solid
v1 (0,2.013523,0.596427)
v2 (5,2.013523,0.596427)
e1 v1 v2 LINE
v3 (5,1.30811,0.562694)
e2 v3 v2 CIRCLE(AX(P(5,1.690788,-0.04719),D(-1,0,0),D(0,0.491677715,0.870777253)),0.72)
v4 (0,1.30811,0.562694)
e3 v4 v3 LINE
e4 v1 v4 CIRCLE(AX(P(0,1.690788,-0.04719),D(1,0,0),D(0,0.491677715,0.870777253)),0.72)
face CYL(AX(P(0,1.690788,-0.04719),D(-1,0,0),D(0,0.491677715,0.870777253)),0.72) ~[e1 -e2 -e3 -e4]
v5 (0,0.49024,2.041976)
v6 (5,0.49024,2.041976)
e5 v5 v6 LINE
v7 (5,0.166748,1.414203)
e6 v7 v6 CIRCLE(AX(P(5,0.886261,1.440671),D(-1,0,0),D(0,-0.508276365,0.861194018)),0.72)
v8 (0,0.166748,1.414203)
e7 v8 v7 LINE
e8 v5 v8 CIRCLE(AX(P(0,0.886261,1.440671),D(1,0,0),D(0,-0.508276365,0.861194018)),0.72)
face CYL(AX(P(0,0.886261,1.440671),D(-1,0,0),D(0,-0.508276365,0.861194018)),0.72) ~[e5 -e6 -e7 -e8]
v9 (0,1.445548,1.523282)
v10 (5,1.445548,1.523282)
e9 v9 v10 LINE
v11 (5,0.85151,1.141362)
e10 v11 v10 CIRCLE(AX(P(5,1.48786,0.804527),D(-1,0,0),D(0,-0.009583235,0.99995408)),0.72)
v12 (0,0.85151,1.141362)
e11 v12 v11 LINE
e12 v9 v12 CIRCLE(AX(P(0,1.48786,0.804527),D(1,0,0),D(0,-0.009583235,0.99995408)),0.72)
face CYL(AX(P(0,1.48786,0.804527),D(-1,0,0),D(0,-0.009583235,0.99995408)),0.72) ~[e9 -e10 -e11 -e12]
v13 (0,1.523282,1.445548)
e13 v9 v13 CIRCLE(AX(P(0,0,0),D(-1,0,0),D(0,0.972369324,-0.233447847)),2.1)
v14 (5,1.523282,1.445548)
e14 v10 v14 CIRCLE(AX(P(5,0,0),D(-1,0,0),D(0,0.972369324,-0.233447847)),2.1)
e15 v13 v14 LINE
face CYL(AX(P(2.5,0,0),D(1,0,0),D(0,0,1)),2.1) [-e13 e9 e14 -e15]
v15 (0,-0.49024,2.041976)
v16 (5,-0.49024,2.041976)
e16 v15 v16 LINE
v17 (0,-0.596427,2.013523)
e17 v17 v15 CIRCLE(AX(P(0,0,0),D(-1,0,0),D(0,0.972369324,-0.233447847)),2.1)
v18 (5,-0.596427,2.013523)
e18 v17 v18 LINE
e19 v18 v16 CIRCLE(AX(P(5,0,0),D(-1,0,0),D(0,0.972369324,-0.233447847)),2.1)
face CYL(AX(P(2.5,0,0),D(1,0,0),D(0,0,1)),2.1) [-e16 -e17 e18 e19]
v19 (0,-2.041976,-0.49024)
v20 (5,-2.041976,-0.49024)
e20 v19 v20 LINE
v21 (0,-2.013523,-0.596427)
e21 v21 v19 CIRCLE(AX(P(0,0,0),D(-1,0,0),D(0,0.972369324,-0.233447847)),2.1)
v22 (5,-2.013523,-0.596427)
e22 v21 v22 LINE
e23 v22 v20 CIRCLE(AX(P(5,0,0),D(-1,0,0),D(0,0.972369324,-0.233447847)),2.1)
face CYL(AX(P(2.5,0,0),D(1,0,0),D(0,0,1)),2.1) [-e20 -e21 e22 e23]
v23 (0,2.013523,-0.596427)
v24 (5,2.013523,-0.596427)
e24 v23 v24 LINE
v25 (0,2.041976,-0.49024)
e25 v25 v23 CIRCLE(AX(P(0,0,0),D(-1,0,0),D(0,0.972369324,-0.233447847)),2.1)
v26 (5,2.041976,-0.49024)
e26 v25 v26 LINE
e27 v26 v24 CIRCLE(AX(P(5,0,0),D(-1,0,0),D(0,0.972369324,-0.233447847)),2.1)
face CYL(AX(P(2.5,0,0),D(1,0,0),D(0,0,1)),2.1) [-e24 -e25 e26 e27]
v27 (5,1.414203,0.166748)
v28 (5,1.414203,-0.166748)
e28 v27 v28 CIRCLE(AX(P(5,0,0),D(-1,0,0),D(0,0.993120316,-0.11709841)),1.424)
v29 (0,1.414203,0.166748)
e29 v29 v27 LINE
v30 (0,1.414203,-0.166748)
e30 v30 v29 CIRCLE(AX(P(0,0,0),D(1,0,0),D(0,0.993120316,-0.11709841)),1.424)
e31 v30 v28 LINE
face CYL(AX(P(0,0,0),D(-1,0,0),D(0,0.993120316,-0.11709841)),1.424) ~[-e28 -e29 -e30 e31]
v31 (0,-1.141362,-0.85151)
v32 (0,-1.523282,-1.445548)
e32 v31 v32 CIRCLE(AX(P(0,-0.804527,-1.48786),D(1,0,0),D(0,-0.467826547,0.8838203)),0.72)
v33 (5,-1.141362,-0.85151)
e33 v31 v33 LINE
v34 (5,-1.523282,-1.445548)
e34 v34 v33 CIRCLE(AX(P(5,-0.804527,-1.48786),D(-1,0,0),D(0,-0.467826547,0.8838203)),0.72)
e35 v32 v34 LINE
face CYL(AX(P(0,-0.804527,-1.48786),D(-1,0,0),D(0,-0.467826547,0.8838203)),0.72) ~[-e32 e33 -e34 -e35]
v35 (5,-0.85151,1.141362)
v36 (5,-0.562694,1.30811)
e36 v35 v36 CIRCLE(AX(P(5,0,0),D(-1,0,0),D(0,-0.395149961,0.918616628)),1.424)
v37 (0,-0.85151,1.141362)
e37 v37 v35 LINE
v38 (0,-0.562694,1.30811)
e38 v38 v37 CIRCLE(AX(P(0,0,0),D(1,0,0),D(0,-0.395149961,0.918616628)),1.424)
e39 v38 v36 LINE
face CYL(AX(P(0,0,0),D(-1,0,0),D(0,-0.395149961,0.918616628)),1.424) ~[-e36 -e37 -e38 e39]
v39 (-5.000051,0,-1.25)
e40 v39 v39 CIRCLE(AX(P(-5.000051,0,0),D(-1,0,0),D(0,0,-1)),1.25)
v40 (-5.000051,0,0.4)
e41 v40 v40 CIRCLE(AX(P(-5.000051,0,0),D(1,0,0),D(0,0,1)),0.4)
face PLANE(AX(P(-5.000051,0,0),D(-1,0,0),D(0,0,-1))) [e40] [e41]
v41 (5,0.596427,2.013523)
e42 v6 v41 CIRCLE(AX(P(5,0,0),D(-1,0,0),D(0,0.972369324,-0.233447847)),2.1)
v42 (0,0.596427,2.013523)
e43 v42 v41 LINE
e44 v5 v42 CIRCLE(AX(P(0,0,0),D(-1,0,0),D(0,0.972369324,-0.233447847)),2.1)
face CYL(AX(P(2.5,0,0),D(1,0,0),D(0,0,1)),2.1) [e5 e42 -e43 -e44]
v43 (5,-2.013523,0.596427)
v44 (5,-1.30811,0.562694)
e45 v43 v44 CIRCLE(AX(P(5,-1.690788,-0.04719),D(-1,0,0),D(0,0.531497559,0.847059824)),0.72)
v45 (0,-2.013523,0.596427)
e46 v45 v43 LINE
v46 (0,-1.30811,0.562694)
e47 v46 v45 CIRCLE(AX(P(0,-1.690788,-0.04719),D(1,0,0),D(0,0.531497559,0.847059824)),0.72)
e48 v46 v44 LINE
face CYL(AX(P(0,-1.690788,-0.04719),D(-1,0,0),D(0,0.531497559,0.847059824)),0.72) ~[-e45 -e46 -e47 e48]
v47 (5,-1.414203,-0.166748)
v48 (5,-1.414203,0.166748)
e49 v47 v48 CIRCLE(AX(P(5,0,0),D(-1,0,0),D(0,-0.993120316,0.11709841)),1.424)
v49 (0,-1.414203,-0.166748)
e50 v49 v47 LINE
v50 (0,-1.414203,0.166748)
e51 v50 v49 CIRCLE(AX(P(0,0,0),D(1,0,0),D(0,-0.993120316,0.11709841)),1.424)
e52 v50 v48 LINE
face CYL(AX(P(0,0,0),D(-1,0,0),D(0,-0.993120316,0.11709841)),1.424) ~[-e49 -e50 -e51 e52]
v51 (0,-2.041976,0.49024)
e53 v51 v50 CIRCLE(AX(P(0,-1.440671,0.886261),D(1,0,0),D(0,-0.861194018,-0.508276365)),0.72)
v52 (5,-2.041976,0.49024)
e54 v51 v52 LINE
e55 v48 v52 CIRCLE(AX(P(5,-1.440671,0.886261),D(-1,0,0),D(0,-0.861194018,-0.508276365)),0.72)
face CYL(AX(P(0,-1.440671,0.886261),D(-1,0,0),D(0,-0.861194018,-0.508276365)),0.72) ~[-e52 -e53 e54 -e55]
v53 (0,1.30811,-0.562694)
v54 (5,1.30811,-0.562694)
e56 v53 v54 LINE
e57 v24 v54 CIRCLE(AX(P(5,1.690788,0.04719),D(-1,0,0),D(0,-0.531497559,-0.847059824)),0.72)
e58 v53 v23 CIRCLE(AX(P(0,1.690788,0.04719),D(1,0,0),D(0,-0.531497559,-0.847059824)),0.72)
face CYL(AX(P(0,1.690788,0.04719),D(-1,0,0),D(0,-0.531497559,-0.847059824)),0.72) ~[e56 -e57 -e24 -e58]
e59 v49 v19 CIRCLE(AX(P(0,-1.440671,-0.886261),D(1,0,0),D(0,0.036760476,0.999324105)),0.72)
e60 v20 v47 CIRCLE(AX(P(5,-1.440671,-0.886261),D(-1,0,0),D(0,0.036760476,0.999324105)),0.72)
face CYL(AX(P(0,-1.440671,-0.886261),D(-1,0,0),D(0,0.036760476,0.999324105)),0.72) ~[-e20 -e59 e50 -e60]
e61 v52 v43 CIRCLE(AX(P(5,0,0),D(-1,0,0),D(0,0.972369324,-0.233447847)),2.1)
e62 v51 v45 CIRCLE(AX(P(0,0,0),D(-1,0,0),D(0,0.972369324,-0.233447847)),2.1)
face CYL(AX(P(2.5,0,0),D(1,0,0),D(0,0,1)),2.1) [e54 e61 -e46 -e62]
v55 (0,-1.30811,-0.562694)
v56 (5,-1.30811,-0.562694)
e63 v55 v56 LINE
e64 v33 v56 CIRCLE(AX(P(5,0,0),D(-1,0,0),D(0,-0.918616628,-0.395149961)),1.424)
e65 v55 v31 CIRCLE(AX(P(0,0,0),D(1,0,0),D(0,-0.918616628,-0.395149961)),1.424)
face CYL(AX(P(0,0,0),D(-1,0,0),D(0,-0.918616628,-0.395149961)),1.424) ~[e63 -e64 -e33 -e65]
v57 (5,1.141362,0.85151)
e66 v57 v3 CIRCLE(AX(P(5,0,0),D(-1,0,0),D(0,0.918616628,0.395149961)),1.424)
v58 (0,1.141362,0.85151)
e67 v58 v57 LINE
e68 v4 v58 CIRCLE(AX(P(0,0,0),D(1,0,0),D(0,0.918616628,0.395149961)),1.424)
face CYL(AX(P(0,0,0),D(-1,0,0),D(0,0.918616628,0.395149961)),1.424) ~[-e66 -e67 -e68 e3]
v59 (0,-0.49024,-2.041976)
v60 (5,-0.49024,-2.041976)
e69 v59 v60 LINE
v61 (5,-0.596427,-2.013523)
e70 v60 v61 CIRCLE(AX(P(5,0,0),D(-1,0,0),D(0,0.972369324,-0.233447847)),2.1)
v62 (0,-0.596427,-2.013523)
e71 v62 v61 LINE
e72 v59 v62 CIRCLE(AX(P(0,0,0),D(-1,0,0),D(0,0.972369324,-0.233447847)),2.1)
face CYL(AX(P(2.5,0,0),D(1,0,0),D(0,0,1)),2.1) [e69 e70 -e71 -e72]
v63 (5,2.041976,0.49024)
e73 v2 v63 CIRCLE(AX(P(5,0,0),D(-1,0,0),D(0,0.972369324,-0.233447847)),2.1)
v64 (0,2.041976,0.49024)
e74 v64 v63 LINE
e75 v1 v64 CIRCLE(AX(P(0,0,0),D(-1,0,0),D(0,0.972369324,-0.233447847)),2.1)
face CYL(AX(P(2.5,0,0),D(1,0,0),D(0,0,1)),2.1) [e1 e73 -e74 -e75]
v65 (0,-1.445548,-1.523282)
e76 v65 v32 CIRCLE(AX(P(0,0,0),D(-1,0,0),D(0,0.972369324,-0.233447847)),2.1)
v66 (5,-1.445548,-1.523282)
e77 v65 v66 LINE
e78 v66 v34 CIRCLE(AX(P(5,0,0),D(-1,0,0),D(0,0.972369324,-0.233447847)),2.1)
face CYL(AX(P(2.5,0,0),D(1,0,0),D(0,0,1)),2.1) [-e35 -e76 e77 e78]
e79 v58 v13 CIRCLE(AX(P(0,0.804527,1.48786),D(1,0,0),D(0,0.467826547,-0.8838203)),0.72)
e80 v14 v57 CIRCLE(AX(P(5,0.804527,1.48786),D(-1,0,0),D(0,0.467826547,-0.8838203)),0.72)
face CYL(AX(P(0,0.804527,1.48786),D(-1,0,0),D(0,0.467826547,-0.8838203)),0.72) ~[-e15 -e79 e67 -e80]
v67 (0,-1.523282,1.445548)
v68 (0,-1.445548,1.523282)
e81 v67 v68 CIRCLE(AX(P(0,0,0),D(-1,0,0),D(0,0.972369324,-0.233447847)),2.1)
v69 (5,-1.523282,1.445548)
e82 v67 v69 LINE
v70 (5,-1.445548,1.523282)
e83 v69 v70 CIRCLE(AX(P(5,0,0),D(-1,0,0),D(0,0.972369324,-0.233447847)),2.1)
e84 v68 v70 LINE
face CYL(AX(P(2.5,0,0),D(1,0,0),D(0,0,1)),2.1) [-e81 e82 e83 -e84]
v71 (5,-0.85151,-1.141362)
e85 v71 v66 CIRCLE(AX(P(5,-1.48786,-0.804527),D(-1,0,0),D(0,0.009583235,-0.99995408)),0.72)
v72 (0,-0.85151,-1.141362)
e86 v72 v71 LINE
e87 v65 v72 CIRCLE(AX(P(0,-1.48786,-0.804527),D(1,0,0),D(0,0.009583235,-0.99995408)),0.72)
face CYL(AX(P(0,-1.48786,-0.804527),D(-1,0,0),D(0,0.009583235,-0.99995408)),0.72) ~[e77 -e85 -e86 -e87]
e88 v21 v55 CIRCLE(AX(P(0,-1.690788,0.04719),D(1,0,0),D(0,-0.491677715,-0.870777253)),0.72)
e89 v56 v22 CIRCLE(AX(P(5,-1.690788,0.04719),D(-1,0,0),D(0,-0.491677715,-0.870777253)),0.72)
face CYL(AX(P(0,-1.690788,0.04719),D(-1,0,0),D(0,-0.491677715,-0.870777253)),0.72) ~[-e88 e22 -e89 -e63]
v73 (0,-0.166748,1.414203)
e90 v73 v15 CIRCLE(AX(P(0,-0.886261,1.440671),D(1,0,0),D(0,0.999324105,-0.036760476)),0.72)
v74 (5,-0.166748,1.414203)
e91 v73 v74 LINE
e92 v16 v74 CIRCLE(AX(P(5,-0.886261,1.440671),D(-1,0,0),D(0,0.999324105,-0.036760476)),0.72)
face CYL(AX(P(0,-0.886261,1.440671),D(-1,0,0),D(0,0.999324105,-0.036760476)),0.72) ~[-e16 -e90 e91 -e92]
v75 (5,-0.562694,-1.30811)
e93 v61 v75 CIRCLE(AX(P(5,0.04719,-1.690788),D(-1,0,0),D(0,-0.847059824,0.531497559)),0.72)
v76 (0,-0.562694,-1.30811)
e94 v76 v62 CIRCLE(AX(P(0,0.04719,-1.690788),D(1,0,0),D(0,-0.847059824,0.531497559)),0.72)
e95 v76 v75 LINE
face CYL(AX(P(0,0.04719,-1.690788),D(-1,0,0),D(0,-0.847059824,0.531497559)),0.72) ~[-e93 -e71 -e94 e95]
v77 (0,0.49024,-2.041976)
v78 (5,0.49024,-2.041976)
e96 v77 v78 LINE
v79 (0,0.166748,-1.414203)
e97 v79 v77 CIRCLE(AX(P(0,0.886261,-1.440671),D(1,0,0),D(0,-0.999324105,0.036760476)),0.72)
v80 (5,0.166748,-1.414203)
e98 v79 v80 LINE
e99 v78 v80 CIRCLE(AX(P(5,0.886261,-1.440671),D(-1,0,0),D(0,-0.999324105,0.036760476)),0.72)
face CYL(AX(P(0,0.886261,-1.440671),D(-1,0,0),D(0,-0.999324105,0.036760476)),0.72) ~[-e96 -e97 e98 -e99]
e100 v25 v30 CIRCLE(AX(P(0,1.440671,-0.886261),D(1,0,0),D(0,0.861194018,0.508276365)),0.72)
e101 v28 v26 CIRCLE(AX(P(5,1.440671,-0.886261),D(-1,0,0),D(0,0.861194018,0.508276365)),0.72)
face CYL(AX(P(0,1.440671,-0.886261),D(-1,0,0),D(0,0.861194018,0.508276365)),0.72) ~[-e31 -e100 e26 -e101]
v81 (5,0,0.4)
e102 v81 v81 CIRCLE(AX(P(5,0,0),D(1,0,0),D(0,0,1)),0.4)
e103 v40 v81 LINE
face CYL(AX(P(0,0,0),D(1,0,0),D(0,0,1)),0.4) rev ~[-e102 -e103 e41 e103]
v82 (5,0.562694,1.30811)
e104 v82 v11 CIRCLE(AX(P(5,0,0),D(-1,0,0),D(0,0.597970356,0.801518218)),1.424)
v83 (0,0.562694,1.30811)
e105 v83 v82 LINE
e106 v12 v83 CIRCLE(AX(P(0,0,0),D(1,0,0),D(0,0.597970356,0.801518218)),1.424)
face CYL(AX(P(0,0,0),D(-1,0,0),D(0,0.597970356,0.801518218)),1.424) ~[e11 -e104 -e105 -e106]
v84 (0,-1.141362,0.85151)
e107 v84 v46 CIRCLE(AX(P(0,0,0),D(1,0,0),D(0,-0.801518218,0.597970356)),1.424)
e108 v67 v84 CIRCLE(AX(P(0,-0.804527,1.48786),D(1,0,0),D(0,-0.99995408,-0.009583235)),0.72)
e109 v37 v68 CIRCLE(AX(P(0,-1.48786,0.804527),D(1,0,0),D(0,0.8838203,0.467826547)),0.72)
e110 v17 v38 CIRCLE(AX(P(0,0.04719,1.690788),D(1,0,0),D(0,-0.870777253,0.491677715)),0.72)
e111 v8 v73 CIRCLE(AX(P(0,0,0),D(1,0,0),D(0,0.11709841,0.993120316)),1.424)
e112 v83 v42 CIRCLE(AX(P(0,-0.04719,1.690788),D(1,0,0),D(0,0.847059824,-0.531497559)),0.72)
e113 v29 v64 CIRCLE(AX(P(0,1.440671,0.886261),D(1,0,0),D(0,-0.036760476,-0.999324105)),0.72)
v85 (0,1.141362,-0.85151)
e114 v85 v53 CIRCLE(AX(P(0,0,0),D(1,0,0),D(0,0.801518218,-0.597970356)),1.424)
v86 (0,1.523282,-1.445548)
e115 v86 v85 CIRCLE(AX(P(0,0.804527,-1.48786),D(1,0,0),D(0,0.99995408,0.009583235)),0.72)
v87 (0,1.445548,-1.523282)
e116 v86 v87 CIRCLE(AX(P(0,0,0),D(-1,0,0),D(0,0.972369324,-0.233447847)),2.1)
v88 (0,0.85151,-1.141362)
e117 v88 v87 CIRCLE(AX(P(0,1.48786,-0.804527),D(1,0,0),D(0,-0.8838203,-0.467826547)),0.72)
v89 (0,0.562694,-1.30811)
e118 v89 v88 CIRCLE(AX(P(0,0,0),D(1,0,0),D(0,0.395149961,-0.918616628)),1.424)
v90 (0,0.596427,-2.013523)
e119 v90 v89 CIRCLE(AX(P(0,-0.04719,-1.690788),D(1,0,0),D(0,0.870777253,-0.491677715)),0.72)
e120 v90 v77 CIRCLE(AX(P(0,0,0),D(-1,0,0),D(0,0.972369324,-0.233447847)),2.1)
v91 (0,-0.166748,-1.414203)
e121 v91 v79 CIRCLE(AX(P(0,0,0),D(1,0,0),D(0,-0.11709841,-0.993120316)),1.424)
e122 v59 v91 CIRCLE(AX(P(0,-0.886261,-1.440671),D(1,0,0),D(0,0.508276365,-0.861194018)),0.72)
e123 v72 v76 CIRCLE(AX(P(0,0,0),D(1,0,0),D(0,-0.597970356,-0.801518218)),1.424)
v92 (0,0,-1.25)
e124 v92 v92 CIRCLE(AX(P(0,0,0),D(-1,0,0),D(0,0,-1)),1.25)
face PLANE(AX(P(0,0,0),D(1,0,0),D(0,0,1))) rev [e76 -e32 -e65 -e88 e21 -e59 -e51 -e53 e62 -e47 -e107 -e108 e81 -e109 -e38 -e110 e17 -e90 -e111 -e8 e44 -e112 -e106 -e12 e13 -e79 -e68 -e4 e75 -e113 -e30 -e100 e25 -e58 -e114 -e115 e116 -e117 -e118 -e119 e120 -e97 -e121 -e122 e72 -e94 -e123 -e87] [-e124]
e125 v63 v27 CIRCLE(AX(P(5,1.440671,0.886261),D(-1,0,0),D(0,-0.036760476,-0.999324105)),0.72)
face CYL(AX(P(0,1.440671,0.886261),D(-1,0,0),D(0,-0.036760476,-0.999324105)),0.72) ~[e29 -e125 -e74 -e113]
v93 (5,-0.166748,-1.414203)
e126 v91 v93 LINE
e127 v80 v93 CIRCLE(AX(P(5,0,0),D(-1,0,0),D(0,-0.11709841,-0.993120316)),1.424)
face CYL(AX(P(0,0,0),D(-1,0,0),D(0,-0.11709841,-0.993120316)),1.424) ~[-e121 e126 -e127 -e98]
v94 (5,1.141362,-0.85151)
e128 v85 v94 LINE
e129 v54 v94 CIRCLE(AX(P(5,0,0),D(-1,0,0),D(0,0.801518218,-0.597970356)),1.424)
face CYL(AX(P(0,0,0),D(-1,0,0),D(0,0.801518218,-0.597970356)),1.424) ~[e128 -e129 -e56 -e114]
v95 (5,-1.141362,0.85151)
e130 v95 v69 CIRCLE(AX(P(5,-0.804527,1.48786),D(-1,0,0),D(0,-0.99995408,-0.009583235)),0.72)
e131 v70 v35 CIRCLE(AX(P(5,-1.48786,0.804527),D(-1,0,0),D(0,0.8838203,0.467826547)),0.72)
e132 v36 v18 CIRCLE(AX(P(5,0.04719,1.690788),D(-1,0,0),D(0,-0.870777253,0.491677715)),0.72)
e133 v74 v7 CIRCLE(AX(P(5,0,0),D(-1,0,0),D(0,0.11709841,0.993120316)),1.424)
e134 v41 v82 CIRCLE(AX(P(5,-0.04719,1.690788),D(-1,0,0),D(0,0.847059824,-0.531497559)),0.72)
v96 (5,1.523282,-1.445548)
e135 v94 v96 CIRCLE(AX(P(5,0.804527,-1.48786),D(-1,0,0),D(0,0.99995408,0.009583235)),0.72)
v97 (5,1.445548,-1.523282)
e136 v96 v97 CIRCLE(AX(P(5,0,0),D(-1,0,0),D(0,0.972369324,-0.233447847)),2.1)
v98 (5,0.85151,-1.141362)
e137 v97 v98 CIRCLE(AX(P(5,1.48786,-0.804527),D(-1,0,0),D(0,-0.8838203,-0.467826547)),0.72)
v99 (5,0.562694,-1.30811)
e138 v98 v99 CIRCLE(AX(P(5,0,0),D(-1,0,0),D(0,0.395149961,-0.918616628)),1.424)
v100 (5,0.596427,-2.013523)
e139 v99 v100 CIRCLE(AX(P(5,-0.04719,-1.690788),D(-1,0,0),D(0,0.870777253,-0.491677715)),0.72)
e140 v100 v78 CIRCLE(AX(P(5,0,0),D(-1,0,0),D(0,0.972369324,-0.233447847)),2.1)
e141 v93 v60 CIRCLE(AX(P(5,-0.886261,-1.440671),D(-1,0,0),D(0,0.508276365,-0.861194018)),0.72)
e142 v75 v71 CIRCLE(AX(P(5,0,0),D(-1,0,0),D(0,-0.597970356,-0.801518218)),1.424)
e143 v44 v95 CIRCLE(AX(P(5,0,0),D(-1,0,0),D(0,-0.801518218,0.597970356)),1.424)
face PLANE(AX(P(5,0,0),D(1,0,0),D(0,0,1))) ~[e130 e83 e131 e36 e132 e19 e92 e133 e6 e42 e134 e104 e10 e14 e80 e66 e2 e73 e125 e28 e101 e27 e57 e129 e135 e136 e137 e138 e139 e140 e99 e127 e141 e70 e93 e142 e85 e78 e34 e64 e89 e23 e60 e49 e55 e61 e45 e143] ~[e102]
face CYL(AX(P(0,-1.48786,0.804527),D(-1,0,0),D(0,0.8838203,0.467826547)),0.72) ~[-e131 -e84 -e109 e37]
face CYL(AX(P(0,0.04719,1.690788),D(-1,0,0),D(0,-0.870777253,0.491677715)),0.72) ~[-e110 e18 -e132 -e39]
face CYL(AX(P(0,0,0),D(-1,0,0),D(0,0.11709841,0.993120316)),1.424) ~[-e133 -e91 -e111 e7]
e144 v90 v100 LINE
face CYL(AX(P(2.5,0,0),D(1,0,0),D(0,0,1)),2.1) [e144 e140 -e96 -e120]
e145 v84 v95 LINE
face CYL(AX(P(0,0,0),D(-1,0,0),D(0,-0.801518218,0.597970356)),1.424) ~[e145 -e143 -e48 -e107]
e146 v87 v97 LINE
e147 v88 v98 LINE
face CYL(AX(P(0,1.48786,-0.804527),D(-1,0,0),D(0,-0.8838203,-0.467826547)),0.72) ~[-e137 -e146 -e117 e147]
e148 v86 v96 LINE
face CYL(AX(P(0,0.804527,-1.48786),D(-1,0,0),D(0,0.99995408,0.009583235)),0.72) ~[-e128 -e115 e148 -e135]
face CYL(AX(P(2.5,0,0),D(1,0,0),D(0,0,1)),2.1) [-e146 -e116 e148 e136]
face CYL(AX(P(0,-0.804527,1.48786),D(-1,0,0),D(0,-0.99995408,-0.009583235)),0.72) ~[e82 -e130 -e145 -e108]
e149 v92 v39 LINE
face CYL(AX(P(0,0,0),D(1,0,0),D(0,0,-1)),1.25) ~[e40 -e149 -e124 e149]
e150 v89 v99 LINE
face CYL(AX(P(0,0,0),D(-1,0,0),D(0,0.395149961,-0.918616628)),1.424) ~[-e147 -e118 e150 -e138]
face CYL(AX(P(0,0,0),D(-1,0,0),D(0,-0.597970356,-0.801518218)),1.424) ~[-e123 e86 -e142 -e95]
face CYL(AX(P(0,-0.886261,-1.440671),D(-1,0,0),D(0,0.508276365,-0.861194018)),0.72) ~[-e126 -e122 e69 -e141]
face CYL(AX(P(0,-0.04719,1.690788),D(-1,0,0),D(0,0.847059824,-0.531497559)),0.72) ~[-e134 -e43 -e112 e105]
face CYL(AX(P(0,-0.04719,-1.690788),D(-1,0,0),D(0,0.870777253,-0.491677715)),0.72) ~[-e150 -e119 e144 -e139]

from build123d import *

# Parameters (mm, degrees)
BASPROSKE_W      = 5
BASPROSKE_H      = 2.1
TOOTHCUT_DEPTH   = 6.815496539
TEETHCUTS_COUNT  = 12
TEETHCUTS_ANGLE  = 330
HUBNEAONESKE_R   = 1.25
HUBNEARONE_DEPTH = 5.0000508
BORSKE_R         = 0.4
BORE_DEPTH       = 10.0000508


with BuildPart() as part:
    # BasProSke → Base-Revolve (revolve)
    with BuildSketch(Plane(origin=(0, 0, 0), x_dir=(1, 0, 0), z_dir=(0, 1, 0)), mode=Mode.PRIVATE) as base_revolve_sk:
        with Locations((2.5, 1.05)):
            Rectangle(BASPROSKE_W, BASPROSKE_H)
    revolve(base_revolve_sk.sketch.rotate(Axis((-10, 0, 0), (1, 0, 0)), 180), axis=Axis((-10, 0, 0), (1, 0, 0)))

    # TooCutSke → ToothCut (cut, through all)
    with BuildSketch(Plane(origin=(0, 0, 0), x_dir=(0, 0, -1), z_dir=(1, 0, 0))):
        with BuildLine():
            ThreePointArc((0.16674814, 1.41420333), (0, 1.424), (-0.16674814, 1.41420333))
            ThreePointArc((-0.16674814, 1.41420333), (-0.254548019, 1.786124318), (-0.520302512, 2.060730564))
            ThreePointArc((-0.520302512, 2.060730564), (0, 2.1254), (0.520302512, 2.060730564))
            ThreePointArc((0.520302512, 2.060730564), (0.254548019, 1.786124318), (0.16674814, 1.41420333))
        make_face()
    toothcut = extrude(amount=TOOTHCUT_DEPTH, mode=Mode.SUBTRACT)

    # TeethCuts: ToothCut ×12 about axis
    teethcuts_axis = Axis((-10, 0, 0), (1, 0, 0))
    for i in range(1, TEETHCUTS_COUNT):
        add(toothcut.rotate(teethcuts_axis, i * TEETHCUTS_ANGLE / (TEETHCUTS_COUNT - 1)), mode=Mode.SUBTRACT)

    # HubNeaOneSke → HubNearOne (add)
    with BuildSketch(Plane.ZY):
        with Locations(Location((0, 0, 0), (0, 0, 180))):
            Circle(HUBNEAONESKE_R)
    extrude(amount=HUBNEARONE_DEPTH)

    # BorSke → Bore (cut, symmetric)
    with BuildSketch(Plane(origin=(0, 0, 0), x_dir=(0, 0, -1), z_dir=(1, 0, 0))):
        with Locations(Location((0, 0, 0), (0, 0, 180))):
            Circle(BORSKE_R)
    extrude(amount=BORE_DEPTH, both=True, mode=Mode.SUBTRACT)


solid = part.part
